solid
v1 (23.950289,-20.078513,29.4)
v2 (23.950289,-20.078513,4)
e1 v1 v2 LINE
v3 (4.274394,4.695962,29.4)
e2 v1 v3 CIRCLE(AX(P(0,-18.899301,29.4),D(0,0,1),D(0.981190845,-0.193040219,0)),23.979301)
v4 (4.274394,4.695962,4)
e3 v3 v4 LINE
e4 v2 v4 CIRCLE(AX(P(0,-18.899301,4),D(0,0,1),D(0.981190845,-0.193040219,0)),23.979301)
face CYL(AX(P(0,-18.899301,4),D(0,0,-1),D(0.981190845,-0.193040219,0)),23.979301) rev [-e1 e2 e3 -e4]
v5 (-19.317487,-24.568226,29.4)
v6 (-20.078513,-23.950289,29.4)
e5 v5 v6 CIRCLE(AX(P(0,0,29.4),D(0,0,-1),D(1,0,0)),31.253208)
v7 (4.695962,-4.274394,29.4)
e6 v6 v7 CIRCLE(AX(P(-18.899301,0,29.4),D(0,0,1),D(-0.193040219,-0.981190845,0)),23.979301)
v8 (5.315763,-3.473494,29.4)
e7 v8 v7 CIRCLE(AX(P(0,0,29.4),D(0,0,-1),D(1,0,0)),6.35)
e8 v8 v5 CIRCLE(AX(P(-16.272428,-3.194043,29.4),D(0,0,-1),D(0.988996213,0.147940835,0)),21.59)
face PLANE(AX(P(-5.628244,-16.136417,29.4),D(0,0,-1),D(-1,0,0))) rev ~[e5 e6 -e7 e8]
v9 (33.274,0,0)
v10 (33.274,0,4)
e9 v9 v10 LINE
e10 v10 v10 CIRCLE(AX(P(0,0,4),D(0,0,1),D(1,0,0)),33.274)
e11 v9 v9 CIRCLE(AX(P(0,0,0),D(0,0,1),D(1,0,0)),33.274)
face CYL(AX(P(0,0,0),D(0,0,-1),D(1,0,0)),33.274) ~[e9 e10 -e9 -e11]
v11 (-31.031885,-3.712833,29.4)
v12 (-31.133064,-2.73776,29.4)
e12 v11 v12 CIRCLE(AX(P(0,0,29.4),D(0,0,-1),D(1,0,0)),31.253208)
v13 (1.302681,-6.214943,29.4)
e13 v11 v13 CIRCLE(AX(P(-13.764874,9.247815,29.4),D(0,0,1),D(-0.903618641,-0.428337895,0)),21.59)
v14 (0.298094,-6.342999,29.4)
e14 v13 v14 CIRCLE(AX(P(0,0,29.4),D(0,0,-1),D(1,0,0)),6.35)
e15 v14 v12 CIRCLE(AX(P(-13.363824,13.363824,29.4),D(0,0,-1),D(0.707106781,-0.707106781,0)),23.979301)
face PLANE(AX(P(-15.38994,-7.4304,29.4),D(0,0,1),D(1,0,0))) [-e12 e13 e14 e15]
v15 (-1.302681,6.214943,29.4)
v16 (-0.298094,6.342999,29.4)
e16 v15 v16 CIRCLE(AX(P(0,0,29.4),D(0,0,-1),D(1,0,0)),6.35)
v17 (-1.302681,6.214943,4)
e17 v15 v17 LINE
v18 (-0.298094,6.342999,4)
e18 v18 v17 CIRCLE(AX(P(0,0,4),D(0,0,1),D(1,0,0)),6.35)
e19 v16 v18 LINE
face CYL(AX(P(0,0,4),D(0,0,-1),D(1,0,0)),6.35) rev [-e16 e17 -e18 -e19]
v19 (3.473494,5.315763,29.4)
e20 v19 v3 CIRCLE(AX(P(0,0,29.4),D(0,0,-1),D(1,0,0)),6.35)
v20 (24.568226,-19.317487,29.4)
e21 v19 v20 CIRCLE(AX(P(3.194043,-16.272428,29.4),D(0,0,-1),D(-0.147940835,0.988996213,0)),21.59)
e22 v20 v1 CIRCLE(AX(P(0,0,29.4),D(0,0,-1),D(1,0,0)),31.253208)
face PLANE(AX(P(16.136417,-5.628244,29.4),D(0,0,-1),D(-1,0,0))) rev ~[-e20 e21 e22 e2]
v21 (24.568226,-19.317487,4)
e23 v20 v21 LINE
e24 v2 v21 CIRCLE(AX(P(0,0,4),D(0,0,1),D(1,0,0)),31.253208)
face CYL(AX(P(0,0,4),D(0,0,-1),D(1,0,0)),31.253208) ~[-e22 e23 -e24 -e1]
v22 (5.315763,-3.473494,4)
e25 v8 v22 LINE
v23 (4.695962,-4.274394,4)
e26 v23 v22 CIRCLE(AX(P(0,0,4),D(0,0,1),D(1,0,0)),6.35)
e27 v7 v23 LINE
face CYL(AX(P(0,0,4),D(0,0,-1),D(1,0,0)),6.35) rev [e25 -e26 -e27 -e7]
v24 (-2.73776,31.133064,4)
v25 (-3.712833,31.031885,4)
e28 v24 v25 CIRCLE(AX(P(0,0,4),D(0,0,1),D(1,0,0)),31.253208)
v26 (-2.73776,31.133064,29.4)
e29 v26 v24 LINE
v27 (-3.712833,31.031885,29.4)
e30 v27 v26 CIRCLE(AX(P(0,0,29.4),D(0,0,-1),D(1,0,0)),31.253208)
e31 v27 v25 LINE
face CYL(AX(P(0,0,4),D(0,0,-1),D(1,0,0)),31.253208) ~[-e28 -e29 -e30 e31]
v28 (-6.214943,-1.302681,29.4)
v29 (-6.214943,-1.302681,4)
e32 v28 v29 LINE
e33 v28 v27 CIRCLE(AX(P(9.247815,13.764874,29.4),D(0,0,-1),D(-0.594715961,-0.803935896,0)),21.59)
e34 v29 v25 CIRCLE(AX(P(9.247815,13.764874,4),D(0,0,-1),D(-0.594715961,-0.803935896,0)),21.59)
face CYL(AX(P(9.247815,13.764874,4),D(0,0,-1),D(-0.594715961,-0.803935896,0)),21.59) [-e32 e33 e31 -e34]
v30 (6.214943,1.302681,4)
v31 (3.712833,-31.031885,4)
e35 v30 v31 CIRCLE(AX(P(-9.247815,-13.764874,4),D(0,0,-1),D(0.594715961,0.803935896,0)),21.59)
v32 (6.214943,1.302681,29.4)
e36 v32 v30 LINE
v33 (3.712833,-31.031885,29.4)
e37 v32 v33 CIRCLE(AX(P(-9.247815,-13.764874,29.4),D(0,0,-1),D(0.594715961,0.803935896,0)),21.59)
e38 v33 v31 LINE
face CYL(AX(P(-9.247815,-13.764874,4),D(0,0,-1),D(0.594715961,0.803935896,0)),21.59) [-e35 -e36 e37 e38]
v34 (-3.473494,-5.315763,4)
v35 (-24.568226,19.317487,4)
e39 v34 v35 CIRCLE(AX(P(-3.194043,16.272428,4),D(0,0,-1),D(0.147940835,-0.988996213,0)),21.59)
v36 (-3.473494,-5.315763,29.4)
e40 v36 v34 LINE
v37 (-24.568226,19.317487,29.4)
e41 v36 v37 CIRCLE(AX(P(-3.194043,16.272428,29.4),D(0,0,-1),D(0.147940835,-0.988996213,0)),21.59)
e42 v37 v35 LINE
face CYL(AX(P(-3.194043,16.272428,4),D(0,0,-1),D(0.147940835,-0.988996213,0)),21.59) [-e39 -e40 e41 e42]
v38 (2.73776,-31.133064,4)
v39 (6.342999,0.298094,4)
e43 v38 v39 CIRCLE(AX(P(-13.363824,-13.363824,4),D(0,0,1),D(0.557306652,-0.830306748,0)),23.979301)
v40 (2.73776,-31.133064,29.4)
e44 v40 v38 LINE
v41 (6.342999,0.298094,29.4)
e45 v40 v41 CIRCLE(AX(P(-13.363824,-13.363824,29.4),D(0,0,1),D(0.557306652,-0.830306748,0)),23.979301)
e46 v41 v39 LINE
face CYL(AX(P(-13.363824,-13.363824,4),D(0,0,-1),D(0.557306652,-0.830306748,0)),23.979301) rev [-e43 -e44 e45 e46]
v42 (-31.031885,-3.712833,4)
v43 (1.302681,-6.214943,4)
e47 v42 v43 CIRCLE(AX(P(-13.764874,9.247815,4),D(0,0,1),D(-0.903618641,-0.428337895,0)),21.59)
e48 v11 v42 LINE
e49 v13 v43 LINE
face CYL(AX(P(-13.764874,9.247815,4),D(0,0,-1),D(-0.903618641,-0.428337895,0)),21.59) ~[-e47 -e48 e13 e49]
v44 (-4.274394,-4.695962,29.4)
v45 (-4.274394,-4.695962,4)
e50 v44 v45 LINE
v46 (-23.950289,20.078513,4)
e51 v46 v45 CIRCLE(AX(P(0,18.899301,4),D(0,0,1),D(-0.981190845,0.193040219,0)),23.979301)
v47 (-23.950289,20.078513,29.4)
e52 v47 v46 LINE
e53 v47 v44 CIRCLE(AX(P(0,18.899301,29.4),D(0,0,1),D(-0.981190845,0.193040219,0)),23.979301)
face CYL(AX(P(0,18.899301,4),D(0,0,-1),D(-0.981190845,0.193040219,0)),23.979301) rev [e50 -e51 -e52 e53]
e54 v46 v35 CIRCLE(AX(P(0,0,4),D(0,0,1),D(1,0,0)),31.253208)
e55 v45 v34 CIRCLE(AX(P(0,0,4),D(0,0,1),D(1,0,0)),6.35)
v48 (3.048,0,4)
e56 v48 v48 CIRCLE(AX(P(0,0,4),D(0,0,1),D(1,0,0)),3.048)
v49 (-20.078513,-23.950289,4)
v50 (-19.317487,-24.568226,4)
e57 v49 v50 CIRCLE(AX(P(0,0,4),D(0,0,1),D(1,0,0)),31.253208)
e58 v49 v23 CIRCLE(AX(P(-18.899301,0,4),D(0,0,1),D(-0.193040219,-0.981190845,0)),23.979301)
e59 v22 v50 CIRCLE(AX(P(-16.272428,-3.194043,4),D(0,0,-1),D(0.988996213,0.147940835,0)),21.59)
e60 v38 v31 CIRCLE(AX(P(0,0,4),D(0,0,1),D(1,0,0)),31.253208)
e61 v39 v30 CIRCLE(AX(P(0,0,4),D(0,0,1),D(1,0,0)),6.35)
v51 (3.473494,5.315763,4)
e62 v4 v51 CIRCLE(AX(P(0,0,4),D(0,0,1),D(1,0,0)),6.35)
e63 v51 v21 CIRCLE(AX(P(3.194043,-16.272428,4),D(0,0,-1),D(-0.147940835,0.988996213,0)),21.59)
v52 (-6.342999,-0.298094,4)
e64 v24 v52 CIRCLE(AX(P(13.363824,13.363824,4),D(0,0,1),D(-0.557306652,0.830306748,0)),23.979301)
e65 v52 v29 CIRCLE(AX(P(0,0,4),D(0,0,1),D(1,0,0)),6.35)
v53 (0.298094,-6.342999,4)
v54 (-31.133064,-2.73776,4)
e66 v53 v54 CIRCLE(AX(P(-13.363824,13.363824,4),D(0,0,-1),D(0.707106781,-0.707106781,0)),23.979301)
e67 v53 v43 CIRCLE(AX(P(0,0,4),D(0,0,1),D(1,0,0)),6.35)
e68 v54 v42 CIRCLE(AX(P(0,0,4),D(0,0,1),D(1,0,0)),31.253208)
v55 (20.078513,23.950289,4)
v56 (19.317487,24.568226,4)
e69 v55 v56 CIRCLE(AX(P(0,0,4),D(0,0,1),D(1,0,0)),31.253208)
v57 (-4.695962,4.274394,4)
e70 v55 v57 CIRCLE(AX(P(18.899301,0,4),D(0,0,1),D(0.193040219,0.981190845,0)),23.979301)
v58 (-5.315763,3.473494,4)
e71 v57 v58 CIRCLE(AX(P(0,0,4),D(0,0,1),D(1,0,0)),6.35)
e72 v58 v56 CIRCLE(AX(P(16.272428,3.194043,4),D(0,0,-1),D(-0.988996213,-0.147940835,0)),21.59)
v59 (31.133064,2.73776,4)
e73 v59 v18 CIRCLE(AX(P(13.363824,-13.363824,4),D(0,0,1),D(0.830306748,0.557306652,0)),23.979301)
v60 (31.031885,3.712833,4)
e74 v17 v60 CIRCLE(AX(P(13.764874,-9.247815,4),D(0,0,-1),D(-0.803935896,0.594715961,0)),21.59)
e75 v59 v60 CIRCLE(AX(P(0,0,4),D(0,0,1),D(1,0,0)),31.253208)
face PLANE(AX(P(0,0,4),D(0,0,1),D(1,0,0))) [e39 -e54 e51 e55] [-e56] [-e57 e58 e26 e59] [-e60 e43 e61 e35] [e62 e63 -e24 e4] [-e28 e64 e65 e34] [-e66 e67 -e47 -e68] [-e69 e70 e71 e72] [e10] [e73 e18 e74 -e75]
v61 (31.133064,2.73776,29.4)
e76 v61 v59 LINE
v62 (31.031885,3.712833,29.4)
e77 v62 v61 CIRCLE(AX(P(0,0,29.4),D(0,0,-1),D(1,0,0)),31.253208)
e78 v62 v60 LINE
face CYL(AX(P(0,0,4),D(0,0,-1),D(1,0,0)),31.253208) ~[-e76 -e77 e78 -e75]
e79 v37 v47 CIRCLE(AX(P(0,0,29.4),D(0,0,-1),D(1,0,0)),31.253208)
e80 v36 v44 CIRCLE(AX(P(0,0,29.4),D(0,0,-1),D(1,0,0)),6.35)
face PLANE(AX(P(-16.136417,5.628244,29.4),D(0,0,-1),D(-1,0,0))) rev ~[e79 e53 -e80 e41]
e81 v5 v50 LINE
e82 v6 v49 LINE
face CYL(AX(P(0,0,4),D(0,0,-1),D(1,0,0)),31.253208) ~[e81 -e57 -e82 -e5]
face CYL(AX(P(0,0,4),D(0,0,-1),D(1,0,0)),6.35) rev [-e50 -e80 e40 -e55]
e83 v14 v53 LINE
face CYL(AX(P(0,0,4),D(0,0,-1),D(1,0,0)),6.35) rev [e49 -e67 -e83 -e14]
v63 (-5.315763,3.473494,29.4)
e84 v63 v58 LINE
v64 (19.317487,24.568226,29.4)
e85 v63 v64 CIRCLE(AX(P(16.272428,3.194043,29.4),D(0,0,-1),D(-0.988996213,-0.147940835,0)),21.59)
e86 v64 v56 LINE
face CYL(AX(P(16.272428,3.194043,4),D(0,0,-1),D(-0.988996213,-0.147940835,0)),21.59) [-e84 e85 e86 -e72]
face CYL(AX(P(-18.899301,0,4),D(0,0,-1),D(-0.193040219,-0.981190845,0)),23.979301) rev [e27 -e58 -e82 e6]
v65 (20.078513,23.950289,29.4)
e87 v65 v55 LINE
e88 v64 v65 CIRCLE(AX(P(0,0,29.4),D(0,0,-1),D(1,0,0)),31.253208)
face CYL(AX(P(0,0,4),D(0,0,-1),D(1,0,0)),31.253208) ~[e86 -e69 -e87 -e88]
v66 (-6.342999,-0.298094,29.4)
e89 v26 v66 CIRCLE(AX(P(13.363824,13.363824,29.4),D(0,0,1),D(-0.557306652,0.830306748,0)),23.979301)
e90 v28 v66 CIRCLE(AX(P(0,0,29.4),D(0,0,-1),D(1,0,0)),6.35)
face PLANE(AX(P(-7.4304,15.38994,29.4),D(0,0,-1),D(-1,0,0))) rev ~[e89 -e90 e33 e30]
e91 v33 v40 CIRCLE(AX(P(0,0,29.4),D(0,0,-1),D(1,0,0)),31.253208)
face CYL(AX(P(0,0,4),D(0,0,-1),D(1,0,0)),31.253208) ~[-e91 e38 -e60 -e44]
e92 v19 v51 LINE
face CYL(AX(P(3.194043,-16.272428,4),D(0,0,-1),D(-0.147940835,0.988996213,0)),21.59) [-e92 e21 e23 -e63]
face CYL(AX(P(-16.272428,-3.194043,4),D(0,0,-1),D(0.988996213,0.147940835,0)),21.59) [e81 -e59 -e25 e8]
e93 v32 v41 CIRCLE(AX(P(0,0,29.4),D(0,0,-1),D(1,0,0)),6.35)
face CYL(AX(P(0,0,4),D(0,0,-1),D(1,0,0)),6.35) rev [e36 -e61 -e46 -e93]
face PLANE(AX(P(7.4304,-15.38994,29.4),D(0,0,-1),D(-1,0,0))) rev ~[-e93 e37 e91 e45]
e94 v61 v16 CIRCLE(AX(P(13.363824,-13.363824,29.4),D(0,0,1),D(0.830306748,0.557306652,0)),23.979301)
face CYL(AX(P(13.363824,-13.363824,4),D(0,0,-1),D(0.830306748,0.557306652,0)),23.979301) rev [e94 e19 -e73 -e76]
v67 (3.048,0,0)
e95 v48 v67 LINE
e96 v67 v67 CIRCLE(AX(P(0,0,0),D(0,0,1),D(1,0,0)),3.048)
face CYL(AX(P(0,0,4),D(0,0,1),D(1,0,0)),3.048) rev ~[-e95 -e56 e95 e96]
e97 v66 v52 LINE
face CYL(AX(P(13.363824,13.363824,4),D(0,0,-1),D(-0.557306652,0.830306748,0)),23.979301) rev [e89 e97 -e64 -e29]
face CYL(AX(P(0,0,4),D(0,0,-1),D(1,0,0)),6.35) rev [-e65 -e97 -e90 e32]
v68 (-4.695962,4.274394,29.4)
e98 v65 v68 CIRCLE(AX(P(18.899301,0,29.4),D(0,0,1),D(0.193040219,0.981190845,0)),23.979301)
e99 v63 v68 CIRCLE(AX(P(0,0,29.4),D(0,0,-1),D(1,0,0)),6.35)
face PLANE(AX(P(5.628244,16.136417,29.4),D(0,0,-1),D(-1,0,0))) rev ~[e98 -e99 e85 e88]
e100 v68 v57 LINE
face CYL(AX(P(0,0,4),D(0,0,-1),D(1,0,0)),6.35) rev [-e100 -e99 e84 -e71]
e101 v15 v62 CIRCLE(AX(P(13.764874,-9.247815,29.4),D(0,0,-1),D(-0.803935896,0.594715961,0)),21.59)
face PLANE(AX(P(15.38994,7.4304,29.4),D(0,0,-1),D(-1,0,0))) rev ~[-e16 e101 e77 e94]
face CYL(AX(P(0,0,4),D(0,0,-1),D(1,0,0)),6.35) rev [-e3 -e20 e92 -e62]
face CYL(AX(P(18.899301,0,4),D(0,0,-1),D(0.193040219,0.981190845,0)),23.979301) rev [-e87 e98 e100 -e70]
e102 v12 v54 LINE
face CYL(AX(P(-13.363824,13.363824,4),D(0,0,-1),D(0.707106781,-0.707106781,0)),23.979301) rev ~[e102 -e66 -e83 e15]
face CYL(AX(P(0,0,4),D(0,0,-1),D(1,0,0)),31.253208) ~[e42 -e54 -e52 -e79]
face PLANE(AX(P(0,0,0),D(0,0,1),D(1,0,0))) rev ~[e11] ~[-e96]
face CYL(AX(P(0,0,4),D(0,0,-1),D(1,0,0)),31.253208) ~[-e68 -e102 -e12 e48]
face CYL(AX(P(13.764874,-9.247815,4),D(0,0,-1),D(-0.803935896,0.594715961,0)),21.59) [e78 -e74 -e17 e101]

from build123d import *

# Parameters (mm, degrees)
SKETCH1_R           = 33.274
BOSS_EXTRUDE1_DEPTH = 4
SKETCH2_R           = 3.048
CUT_EXTRUDE1_DEPTH  = 5
BOSS_EXTRUDE2_DEPTH = 25.4
SKETCH4_R           = 6.35
CUT_EXTRUDE2_DEPTH  = 56.896
SKETCH5_R           = 33.274
SKETCH5_R_2         = 31.253208268
CUT_EXTRUDE3_DEPTH  = 120.142


with BuildPart() as part:
    # Sketch1 → Boss-Extrude1 (new body)
    with BuildSketch(Plane.XY):
        Circle(SKETCH1_R)
    extrude(amount=BOSS_EXTRUDE1_DEPTH)

    # Sketch2 → Cut-Extrude1 (cut, through all)
    with BuildSketch(Plane.XY.offset(4)):
        Circle(SKETCH2_R)
    extrude(amount=-CUT_EXTRUDE1_DEPTH, mode=Mode.SUBTRACT)

    # Sketch3 → Boss-Extrude2 (add)
    with BuildSketch(Plane.XY.offset(4)):
        with BuildLine():
            ThreePointArc((5.08, 0), (-2.558445785, -19.86901744), (-23.528271037, -23.528271037))
            ThreePointArc((-23.528271037, -23.528271037), (-3.66763311, -18.52034496), (5.08, 0))
        make_face()
        with BuildLine():
            ThreePointArc((3.592102448, -3.592102448), (-15.689269754, -10.502453268), (-33.274, 0))
            ThreePointArc((-33.274, 0), (-15.858611331, -12.240422604), (3.592102448, -3.592102448))
        make_face()
        with BuildLine():
            ThreePointArc((0, -5.08), (-19.86901744, 2.558445785), (-23.528271037, 23.528271037))
            ThreePointArc((-23.528271037, 23.528271037), (-18.52034496, 3.66763311), (0, -5.08))
        make_face()
        with BuildLine():
            ThreePointArc((-3.592102448, -3.592102448), (-12.240422604, 15.858611331), (0, 33.274))
            ThreePointArc((0, 33.274), (-10.502453268, 15.689269754), (-3.592102448, -3.592102448))
        make_face()
        with BuildLine():
            ThreePointArc((-5.08, 0), (2.558445785, 19.86901744), (23.528271037, 23.528271037))
            ThreePointArc((23.528271037, 23.528271037), (3.66763311, 18.52034496), (-5.08, 0))
        make_face()
        with BuildLine():
            ThreePointArc((-3.592102448, 3.592102448), (15.858611331, 12.240422604), (33.274, 0))
            ThreePointArc((33.274, 0), (15.689269754, 10.502453268), (-3.592102448, 3.592102448))
        make_face()
        with BuildLine():
            ThreePointArc((0, 5.08), (19.86901744, -2.558445785), (23.528271037, -23.528271037))
            ThreePointArc((23.528271037, -23.528271037), (18.52034496, -3.66763311), (0, 5.08))
        make_face()
        with BuildLine():
            ThreePointArc((3.592102448, 3.592102448), (12.240422604, -15.858611331), (0, -33.274))
            ThreePointArc((0, -33.274), (10.502453268, -15.689269754), (3.592102448, 3.592102448))
        make_face()
    extrude(amount=BOSS_EXTRUDE2_DEPTH)

    # Sketch4 → Cut-Extrude2 (cut)
    with BuildSketch(Plane.XY.offset(4)):
        Circle(SKETCH4_R)
    extrude(amount=CUT_EXTRUDE2_DEPTH, mode=Mode.SUBTRACT)

    # Sketch5 → Cut-Extrude3 (cut)
    with BuildSketch(Plane.XY.offset(4)):
        Circle(SKETCH5_R)
        Circle(SKETCH5_R_2, mode=Mode.SUBTRACT)
    extrude(amount=CUT_EXTRUDE3_DEPTH, mode=Mode.SUBTRACT)


solid = part.part
